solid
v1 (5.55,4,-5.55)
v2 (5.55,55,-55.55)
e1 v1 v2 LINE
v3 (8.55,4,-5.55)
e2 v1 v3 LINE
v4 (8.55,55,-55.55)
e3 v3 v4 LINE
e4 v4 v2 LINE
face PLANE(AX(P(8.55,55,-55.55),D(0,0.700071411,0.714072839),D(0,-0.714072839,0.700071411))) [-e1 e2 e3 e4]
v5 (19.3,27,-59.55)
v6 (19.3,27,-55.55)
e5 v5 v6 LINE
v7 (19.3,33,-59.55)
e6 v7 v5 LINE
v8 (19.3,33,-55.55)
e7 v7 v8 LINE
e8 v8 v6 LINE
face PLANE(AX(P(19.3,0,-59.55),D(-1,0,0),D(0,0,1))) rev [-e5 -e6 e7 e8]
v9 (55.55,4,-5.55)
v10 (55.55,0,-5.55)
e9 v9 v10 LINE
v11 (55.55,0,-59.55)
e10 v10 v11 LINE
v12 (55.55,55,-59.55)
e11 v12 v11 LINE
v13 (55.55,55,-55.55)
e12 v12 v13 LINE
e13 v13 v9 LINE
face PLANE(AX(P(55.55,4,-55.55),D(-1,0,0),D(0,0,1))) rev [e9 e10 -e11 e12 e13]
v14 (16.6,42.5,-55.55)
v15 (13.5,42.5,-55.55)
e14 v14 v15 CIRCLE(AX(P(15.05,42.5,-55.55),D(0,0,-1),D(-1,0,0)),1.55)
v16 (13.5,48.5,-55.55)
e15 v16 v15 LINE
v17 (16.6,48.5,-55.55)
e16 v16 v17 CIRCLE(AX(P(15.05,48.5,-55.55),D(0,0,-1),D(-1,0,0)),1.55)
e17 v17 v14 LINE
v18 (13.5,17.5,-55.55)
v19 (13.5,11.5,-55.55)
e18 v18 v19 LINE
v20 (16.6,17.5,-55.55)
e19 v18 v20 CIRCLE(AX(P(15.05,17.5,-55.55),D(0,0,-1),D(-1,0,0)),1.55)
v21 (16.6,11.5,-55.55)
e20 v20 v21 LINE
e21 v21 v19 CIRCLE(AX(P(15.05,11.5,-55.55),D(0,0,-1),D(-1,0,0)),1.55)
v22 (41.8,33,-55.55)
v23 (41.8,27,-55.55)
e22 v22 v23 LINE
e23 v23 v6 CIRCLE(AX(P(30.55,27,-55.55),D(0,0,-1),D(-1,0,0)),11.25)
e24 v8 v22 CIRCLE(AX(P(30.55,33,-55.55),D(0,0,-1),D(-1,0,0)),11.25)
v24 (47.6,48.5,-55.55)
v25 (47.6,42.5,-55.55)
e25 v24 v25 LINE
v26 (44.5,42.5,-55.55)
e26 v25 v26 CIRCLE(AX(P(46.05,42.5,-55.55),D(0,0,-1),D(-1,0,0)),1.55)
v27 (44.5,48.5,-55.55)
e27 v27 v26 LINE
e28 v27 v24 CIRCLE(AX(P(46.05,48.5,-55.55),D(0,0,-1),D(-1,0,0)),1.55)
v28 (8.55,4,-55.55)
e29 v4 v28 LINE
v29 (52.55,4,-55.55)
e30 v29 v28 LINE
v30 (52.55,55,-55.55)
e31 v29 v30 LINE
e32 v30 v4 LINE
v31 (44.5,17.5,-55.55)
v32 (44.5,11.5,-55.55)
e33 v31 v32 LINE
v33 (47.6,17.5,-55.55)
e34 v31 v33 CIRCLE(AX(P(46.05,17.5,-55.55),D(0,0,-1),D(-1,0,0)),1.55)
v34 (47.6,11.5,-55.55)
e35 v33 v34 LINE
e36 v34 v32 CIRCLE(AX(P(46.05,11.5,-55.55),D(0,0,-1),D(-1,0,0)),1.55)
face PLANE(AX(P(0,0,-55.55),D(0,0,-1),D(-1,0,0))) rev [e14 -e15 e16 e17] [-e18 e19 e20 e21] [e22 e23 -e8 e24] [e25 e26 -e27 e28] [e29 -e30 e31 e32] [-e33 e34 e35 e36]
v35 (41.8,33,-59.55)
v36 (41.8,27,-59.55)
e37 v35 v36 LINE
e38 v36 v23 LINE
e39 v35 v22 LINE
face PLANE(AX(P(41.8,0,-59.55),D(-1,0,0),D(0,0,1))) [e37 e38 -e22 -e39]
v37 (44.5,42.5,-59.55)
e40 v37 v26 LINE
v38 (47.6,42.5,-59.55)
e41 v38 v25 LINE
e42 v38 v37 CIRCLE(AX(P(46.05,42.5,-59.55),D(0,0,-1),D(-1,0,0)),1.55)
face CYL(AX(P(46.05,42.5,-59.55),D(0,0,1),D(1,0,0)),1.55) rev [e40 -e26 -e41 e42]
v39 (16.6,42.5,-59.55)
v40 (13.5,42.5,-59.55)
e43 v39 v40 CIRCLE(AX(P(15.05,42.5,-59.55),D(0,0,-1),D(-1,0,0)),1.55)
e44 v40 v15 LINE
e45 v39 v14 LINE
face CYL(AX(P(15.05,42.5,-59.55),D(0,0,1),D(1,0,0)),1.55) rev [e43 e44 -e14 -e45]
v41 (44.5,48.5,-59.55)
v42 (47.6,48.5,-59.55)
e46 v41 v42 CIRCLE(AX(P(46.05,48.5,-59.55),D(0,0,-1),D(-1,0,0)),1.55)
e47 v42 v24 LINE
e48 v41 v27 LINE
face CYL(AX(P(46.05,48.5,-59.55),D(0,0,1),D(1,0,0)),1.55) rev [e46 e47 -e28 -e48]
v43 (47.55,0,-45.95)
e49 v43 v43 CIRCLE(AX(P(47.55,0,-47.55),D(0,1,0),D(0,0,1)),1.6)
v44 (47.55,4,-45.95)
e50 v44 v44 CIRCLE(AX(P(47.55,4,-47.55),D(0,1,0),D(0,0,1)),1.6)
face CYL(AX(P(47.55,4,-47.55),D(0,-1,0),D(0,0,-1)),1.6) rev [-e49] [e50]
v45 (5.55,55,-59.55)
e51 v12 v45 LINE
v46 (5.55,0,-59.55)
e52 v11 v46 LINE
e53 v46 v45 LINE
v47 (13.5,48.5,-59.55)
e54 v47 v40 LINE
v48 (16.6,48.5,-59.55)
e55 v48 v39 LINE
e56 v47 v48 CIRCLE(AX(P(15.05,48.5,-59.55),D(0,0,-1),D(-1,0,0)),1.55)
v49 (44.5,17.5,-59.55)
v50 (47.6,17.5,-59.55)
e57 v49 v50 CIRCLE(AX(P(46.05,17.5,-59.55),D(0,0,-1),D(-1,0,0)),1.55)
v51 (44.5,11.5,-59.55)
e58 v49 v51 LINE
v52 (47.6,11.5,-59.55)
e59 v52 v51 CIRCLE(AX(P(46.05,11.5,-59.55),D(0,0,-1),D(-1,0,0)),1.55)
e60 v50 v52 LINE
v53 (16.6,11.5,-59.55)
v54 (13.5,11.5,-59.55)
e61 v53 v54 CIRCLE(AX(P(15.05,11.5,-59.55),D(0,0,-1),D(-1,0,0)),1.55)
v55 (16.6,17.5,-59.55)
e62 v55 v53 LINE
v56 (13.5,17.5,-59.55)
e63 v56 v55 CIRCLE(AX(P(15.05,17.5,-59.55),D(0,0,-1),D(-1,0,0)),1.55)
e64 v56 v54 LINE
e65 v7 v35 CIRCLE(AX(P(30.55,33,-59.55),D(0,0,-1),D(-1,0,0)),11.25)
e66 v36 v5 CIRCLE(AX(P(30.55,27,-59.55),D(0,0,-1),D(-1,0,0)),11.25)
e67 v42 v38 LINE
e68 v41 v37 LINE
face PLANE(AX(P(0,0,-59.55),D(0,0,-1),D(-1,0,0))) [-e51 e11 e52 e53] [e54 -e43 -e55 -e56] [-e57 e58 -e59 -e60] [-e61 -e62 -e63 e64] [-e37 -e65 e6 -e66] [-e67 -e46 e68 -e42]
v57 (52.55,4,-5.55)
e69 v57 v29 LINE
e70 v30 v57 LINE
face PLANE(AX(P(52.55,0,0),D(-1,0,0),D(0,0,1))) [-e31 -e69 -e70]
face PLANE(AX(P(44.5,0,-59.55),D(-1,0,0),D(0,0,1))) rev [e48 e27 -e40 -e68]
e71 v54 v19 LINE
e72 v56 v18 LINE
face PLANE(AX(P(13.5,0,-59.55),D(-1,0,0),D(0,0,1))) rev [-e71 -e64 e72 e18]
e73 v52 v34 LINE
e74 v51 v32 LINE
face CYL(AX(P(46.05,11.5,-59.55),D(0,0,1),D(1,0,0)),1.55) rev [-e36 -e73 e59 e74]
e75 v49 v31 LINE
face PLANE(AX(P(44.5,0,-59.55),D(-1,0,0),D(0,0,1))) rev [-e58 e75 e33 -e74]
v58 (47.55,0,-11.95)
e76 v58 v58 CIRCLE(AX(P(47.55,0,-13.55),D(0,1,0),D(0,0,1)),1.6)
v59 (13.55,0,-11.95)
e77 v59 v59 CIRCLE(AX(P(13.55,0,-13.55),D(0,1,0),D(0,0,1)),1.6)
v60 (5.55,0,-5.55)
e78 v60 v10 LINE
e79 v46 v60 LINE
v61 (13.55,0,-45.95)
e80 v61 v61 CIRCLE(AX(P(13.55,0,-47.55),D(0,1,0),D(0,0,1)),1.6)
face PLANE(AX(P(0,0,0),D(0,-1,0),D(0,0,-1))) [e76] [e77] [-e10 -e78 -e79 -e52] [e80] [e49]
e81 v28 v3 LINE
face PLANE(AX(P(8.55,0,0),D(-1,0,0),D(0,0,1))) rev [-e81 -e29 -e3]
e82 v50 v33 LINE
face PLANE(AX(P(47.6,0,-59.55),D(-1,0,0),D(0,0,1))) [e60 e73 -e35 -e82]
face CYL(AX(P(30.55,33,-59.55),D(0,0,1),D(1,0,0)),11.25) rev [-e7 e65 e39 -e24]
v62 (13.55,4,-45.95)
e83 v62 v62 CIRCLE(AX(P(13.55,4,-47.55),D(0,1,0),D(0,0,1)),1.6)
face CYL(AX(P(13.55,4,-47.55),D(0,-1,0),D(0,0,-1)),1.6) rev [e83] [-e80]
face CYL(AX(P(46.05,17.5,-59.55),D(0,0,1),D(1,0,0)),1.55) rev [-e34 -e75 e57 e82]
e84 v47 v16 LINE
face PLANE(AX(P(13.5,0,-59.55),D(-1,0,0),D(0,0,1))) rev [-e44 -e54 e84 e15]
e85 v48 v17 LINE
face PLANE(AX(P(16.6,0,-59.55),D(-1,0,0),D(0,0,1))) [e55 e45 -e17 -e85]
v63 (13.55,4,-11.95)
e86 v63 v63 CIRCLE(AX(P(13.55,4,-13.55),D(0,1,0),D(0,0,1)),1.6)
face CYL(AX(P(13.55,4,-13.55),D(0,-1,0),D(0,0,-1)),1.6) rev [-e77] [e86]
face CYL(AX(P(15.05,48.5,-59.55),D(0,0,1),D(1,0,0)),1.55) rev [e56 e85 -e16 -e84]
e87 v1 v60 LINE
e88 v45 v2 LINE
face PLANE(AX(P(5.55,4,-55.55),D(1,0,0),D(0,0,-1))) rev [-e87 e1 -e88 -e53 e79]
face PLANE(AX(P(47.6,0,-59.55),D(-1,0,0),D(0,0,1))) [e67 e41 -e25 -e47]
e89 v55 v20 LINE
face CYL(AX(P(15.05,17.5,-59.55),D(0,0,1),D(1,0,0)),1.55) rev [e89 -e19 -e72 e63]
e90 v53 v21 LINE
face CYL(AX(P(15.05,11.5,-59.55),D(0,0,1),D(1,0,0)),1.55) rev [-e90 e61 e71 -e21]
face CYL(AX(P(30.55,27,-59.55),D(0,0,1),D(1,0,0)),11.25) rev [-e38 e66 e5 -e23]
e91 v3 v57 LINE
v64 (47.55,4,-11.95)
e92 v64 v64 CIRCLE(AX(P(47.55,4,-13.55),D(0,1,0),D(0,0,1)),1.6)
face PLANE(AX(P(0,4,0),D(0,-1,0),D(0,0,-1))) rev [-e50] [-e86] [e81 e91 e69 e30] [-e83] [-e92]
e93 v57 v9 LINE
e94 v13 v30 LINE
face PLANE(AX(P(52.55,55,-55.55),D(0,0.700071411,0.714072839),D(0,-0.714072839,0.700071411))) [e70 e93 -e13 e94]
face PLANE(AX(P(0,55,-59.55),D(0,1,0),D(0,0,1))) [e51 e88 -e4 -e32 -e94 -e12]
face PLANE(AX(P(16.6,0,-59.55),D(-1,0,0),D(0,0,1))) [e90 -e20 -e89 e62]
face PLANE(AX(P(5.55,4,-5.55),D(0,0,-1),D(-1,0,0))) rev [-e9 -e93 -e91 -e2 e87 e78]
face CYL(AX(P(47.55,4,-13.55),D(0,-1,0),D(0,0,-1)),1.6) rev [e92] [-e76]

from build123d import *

# Parameters (mm, degrees)
SKETCH3_W           = 50
SKETCH3_H           = 50
SKETCH3_R           = 1.6
BOSS_EXTRUDE1_DEPTH = 4
BOSS_EXTRUDE3_DEPTH = 4
BOSS_EXTRUDE4_DEPTH = 3
BOSS_EXTRUDE5_DEPTH = 3


with BuildPart() as part:
    # Sketch3 → Boss-Extrude1 (new body)
    with BuildSketch(Plane(origin=(0, 0, 0), x_dir=(1, 0, 0), z_dir=(0, 1, 0))):
        with Locations((30.55, 30.55)):
            Rectangle(SKETCH3_W, SKETCH3_H)
        with Locations(Location((13.55, 47.55, 0), (0, 0, 270))):
            Circle(SKETCH3_R, mode=Mode.SUBTRACT)
        with Locations(Location((47.55, 47.55, 0), (0, 0, 270))):
            Circle(SKETCH3_R, mode=Mode.SUBTRACT)
        with Locations(Location((13.55, 13.55, 0), (0, 0, 270))):
            Circle(SKETCH3_R, mode=Mode.SUBTRACT)
        with Locations(Location((47.55, 13.55, 0), (0, 0, 270))):
            Circle(SKETCH3_R, mode=Mode.SUBTRACT)
    extrude(amount=BOSS_EXTRUDE1_DEPTH)

    # Sketch5 → Boss-Extrude3 (add)
    with BuildSketch(Plane(origin=(0, 0, -55.55), x_dir=(-1, 0, 0), z_dir=(0, 0, -1))):
        Polygon((-55.55, 4), (-55.55, 48.5), (-55.55, 55), (-46.05, 55), (-5.55, 55), (-5.55, 48.5), (-5.55, 5), (-5.55, 0), (-55.55, 0), align=None)
        with BuildLine():
            Line((-41.8, 33), (-41.8, 27))
            ThreePointArc((-41.8, 27), (-30.55, 15.75), (-19.3, 27))
            Line((-19.3, 27), (-19.3, 33))
            ThreePointArc((-19.3, 33), (-30.55, 44.25), (-41.8, 33))
        make_face(mode=Mode.SUBTRACT)
        with BuildLine():
            Line((-47.6, 48.5), (-47.6, 42.5))
            ThreePointArc((-47.6, 42.5), (-46.05, 40.95), (-44.5, 42.5))
            Line((-44.5, 42.5), (-44.5, 48.5))
            ThreePointArc((-44.5, 48.5), (-46.05, 50.05), (-47.6, 48.5))
        make_face(mode=Mode.SUBTRACT)
        with BuildLine():
            Line((-16.6, 48.5), (-16.6, 42.5))
            ThreePointArc((-16.6, 42.5), (-15.05, 40.95), (-13.5, 42.5))
            Line((-13.5, 42.5), (-13.5, 48.5))
            ThreePointArc((-13.5, 48.5), (-15.05, 50.05), (-16.6, 48.5))
        make_face(mode=Mode.SUBTRACT)
        with BuildLine():
            Line((-16.6, 17.5), (-16.6, 11.5))
            ThreePointArc((-16.6, 11.5), (-15.05, 9.95), (-13.5, 11.5))
            Line((-13.5, 11.5), (-13.5, 17.5))
            ThreePointArc((-13.5, 17.5), (-15.05, 19.05), (-16.6, 17.5))
        make_face(mode=Mode.SUBTRACT)
        with BuildLine():
            Line((-47.6, 17.5), (-47.6, 11.5))
            ThreePointArc((-47.6, 11.5), (-46.05, 9.95), (-44.5, 11.5))
            Line((-44.5, 11.5), (-44.5, 17.5))
            ThreePointArc((-44.5, 17.5), (-46.05, 19.05), (-47.6, 17.5))
        make_face(mode=Mode.SUBTRACT)
    extrude(amount=BOSS_EXTRUDE3_DEPTH)

    # Sketch7 → Boss-Extrude4 (add)
    with BuildSketch(Plane(origin=(55.55, 0, 0), x_dir=(0, 0, -1), z_dir=(1, 0, 0))):
        Polygon((55.55, 55), (5.55, 4), (55.55, 4), align=None)
    extrude(amount=-BOSS_EXTRUDE4_DEPTH)

    # Sketch8 → Boss-Extrude5 (add)
    with BuildSketch(Plane.ZY.offset(-5.55)):
        Polygon((-55.55, 55), (-5.55, 4), (-55.55, 4), align=None)
    extrude(amount=-BOSS_EXTRUDE5_DEPTH)


solid = part.part
